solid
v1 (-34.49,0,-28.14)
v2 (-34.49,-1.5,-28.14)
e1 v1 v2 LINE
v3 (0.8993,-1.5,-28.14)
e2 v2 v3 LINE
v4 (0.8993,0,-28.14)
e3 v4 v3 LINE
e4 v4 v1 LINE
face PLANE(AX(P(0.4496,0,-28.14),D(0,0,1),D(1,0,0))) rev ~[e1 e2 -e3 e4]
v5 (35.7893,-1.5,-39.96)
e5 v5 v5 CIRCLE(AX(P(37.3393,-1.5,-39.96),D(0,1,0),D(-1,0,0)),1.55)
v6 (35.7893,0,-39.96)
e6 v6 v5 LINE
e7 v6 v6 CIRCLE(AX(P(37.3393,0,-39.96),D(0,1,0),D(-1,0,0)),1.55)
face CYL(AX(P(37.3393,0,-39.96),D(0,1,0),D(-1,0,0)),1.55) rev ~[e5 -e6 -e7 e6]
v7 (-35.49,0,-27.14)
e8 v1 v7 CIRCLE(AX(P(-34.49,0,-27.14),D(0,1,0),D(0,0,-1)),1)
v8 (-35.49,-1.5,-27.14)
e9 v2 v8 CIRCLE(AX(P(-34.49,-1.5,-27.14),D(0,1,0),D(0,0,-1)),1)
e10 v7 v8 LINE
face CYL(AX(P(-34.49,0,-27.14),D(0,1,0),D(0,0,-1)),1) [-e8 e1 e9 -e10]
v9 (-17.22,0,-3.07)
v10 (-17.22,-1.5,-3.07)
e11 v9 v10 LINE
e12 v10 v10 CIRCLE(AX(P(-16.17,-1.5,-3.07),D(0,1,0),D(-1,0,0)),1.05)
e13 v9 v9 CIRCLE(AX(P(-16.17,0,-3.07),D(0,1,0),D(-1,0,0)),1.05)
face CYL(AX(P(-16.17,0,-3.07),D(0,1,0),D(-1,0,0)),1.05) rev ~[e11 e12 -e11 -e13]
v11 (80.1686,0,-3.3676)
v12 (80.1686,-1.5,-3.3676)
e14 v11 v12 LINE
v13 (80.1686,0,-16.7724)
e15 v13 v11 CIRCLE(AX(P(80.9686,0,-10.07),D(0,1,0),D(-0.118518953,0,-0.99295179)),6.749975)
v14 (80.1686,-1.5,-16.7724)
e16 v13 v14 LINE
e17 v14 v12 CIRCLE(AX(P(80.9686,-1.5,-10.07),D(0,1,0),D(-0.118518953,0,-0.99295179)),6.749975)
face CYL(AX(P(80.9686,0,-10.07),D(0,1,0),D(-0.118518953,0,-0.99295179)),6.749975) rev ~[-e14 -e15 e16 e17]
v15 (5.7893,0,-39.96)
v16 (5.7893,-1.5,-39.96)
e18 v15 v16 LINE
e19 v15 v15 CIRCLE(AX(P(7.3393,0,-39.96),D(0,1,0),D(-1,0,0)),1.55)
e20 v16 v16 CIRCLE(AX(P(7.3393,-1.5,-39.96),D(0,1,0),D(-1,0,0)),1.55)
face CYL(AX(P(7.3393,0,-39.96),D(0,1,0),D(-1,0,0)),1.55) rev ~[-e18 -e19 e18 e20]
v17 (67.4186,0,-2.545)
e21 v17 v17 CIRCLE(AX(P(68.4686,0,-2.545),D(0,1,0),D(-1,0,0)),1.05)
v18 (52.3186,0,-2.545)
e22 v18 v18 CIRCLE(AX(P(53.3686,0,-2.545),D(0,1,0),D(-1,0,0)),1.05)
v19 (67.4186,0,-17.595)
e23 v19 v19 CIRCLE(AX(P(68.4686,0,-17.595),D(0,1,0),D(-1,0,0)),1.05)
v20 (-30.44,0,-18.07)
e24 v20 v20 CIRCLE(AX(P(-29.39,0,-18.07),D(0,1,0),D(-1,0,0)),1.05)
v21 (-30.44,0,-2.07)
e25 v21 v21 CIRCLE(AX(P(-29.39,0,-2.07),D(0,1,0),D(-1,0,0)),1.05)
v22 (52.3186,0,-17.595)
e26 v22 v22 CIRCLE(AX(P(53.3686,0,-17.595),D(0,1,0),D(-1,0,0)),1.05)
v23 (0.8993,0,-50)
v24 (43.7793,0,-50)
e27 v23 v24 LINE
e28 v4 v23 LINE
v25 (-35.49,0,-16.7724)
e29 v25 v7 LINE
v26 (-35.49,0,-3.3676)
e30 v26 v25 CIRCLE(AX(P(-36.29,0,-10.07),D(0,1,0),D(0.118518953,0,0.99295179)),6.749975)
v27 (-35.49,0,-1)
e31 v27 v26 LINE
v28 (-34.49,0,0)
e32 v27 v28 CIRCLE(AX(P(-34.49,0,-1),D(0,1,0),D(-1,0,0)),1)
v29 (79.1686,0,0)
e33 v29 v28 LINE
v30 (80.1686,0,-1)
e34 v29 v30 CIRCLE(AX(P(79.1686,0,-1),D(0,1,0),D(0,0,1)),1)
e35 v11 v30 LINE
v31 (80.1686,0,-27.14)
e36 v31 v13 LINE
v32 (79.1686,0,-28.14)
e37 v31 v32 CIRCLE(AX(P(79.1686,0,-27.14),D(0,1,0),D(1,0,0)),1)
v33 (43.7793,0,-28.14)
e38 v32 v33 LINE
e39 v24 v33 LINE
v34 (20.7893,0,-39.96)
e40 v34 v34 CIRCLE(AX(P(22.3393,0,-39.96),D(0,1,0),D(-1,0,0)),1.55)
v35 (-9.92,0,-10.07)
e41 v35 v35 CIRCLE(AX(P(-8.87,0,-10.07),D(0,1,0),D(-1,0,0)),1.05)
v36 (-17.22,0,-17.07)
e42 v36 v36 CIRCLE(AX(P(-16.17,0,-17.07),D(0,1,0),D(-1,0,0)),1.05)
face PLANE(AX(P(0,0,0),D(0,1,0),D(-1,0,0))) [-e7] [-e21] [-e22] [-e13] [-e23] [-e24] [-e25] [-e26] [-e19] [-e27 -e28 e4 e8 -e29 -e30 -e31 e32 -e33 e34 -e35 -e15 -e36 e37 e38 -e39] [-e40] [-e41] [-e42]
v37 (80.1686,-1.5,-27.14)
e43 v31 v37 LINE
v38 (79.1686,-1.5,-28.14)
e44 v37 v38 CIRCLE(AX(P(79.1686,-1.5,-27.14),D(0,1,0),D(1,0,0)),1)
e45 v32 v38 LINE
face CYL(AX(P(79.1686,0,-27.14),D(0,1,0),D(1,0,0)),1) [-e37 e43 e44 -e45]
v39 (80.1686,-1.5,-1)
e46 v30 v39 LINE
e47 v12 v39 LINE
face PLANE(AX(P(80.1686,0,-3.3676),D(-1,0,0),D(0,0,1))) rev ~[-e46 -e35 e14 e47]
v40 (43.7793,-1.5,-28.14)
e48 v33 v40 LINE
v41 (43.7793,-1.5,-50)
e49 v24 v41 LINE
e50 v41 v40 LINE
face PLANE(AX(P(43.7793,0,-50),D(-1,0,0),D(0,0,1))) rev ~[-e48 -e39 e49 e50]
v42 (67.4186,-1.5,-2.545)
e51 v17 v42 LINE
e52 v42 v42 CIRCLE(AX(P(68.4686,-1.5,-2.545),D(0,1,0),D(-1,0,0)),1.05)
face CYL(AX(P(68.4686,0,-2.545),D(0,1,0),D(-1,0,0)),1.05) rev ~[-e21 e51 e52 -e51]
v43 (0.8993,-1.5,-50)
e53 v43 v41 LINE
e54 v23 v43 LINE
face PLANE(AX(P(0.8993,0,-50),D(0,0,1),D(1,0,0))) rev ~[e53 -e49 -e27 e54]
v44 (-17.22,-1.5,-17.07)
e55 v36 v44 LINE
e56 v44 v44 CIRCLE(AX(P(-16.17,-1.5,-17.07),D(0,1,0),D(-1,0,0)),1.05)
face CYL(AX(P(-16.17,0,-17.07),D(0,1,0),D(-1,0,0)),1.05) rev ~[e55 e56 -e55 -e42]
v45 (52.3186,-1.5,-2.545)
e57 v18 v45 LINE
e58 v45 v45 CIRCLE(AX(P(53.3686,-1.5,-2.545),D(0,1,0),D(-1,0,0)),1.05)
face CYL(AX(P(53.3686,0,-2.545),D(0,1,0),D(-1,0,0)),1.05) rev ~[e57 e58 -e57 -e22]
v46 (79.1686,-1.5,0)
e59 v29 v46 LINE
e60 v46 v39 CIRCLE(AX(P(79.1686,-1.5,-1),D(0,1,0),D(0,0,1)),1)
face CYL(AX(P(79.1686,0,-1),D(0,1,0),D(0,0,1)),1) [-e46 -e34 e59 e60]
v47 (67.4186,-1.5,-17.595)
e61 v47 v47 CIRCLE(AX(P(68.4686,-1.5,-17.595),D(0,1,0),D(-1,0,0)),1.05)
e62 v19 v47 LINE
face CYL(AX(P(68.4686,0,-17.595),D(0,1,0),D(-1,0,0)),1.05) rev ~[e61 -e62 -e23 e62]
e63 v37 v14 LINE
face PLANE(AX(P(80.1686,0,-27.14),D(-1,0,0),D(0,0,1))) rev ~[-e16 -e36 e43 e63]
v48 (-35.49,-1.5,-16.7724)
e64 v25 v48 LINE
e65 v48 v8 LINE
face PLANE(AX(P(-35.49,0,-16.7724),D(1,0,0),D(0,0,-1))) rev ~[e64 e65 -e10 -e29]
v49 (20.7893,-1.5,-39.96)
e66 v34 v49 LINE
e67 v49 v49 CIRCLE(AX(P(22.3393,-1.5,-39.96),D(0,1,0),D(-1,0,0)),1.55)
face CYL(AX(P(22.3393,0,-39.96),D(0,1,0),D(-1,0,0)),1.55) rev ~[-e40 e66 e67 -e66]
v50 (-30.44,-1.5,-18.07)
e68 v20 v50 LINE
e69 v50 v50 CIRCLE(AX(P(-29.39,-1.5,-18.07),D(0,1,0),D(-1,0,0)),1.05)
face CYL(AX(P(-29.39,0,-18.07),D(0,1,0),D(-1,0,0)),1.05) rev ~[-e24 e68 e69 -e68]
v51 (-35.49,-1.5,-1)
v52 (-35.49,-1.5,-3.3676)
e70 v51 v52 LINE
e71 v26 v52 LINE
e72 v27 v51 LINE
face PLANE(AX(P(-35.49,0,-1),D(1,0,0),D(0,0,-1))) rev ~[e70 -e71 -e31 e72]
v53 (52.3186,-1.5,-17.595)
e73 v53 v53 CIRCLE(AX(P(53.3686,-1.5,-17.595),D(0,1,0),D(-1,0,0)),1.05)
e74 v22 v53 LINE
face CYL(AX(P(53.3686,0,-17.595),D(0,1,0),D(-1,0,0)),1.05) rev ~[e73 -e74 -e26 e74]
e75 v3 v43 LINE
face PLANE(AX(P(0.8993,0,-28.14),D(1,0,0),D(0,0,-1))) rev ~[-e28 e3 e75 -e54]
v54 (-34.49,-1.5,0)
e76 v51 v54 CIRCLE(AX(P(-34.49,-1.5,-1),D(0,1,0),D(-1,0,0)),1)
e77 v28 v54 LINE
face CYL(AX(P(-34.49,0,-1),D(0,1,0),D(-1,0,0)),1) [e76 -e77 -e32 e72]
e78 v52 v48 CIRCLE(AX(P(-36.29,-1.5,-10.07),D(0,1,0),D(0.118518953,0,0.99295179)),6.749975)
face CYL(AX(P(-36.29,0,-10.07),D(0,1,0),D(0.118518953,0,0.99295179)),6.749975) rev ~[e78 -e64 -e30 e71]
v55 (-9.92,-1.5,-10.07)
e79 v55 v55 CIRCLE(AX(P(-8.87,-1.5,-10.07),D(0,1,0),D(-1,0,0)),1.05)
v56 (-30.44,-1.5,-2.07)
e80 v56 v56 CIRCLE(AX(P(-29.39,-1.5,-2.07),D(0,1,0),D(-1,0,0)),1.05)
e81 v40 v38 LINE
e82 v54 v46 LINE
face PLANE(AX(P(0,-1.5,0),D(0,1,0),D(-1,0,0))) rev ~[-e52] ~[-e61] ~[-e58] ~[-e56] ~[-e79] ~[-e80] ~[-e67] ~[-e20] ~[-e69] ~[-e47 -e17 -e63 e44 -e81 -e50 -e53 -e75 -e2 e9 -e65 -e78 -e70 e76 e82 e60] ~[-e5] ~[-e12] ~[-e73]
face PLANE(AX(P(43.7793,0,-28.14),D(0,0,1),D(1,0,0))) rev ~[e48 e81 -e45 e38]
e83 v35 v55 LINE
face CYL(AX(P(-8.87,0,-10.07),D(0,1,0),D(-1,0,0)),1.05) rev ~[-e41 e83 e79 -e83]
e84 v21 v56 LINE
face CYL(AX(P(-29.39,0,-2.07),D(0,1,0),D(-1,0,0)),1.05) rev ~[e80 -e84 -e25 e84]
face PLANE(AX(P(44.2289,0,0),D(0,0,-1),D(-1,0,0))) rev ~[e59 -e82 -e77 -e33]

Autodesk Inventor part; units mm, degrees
ref_plane "YZ Plane" through (0, 0, 0) normal (1, 0, 0) x (0, 1, 0)
ref_plane "XZ Plane" through (0, 0, 0) normal (0, 1, 0) x (-1, 0, 0)
ref_plane "XY Plane" through (0, 0, 0) normal (0, 0, 1) x (1, 0, 0)
sketch "Sketch1" plane through (0, 0, 0) normal (0, 1, 0) x (-1, 0, 0)
  line L0 (-44.2289, 0) -> (-44.2289, -28.14)
  line L1 (-0.4496, -28.14) -> (-0.4496, 0)
  circle A0 centre (29.39, -18.07) radius 1.05
  circle A1 centre (16.17, -17.07) radius 1.05
  circle A2 centre (29.39, -2.07) radius 1.05
  circle A3 centre (16.17, -3.07) radius 1.05
  circle A4 centre (8.87, -10.07) radius 1.05
  circle A5 centre (-37.3393, -39.96) radius 1.55
  circle A6 centre (-22.3393, -39.96) radius 1.55
  circle A7 centre (-7.3393, -39.96) radius 1.55
  circle A8 centre (-68.4686, -2.545) radius 1.05
  circle A9 centre (-68.4686, -17.595) radius 1.05
  circle A10 centre (-53.3686, -2.545) radius 1.05
  circle A11 centre (-53.3686, -17.595) radius 1.05
  arc A12 (35.49, -3.3676) -> (35.49, -16.7724) centre (36.29, -10.07) ccw
  line L2 (35.49, -1) -> (35.49, -3.3676)
  arc A13 (-80.1686, -16.7724) -> (-80.1686, -3.3676) centre (-80.9686, -10.07) ccw
  line L3 (-80.1686, -27.14) -> (-80.1686, -16.7724)
  arc A14 (-80.1686, -27.14) -> (-79.1686, -28.14) centre (-79.1686, -27.14) ccw
  line L4 (-43.7793, -28.14) -> (-79.1686, -28.14)
  line L5 (-43.7793, -50) -> (-43.7793, -28.14)
  line L6 (-0.8993, -50) -> (-43.7793, -50)
  line L7 (-0.8993, -28.14) -> (-0.8993, -50)
  line L8 (34.49, -28.14) -> (-0.8993, -28.14)
  arc A15 (34.49, -28.14) -> (35.49, -27.14) centre (34.49, -27.14) ccw
  line L9 (35.49, -16.7724) -> (35.49, -27.14)
  arc A16 (35.49, -1) -> (34.49, 0) centre (34.49, -1) ccw
  line L10 (-79.1686, 0) -> (34.49, 0)
  arc A17 (-79.1686, 0) -> (-80.1686, -1) centre (-79.1686, -1) ccw
  line L11 (-80.1686, -3.3676) -> (-80.1686, -1)
  line L12 (-44.6786, -28.14) -> (-44.6786, 0)
  line L13 (-43.7793, 0) -> (-43.7793, -28.14)
  line L14 (-0.8993, -28.14) -> (-0.8993, 0)
  line L15 (0, 0) -> (0, -28.14)
extrude "Extrusion1" add sketch "Sketch1" against normal blind 1.5
properties part number "axis_17_top_frame"
